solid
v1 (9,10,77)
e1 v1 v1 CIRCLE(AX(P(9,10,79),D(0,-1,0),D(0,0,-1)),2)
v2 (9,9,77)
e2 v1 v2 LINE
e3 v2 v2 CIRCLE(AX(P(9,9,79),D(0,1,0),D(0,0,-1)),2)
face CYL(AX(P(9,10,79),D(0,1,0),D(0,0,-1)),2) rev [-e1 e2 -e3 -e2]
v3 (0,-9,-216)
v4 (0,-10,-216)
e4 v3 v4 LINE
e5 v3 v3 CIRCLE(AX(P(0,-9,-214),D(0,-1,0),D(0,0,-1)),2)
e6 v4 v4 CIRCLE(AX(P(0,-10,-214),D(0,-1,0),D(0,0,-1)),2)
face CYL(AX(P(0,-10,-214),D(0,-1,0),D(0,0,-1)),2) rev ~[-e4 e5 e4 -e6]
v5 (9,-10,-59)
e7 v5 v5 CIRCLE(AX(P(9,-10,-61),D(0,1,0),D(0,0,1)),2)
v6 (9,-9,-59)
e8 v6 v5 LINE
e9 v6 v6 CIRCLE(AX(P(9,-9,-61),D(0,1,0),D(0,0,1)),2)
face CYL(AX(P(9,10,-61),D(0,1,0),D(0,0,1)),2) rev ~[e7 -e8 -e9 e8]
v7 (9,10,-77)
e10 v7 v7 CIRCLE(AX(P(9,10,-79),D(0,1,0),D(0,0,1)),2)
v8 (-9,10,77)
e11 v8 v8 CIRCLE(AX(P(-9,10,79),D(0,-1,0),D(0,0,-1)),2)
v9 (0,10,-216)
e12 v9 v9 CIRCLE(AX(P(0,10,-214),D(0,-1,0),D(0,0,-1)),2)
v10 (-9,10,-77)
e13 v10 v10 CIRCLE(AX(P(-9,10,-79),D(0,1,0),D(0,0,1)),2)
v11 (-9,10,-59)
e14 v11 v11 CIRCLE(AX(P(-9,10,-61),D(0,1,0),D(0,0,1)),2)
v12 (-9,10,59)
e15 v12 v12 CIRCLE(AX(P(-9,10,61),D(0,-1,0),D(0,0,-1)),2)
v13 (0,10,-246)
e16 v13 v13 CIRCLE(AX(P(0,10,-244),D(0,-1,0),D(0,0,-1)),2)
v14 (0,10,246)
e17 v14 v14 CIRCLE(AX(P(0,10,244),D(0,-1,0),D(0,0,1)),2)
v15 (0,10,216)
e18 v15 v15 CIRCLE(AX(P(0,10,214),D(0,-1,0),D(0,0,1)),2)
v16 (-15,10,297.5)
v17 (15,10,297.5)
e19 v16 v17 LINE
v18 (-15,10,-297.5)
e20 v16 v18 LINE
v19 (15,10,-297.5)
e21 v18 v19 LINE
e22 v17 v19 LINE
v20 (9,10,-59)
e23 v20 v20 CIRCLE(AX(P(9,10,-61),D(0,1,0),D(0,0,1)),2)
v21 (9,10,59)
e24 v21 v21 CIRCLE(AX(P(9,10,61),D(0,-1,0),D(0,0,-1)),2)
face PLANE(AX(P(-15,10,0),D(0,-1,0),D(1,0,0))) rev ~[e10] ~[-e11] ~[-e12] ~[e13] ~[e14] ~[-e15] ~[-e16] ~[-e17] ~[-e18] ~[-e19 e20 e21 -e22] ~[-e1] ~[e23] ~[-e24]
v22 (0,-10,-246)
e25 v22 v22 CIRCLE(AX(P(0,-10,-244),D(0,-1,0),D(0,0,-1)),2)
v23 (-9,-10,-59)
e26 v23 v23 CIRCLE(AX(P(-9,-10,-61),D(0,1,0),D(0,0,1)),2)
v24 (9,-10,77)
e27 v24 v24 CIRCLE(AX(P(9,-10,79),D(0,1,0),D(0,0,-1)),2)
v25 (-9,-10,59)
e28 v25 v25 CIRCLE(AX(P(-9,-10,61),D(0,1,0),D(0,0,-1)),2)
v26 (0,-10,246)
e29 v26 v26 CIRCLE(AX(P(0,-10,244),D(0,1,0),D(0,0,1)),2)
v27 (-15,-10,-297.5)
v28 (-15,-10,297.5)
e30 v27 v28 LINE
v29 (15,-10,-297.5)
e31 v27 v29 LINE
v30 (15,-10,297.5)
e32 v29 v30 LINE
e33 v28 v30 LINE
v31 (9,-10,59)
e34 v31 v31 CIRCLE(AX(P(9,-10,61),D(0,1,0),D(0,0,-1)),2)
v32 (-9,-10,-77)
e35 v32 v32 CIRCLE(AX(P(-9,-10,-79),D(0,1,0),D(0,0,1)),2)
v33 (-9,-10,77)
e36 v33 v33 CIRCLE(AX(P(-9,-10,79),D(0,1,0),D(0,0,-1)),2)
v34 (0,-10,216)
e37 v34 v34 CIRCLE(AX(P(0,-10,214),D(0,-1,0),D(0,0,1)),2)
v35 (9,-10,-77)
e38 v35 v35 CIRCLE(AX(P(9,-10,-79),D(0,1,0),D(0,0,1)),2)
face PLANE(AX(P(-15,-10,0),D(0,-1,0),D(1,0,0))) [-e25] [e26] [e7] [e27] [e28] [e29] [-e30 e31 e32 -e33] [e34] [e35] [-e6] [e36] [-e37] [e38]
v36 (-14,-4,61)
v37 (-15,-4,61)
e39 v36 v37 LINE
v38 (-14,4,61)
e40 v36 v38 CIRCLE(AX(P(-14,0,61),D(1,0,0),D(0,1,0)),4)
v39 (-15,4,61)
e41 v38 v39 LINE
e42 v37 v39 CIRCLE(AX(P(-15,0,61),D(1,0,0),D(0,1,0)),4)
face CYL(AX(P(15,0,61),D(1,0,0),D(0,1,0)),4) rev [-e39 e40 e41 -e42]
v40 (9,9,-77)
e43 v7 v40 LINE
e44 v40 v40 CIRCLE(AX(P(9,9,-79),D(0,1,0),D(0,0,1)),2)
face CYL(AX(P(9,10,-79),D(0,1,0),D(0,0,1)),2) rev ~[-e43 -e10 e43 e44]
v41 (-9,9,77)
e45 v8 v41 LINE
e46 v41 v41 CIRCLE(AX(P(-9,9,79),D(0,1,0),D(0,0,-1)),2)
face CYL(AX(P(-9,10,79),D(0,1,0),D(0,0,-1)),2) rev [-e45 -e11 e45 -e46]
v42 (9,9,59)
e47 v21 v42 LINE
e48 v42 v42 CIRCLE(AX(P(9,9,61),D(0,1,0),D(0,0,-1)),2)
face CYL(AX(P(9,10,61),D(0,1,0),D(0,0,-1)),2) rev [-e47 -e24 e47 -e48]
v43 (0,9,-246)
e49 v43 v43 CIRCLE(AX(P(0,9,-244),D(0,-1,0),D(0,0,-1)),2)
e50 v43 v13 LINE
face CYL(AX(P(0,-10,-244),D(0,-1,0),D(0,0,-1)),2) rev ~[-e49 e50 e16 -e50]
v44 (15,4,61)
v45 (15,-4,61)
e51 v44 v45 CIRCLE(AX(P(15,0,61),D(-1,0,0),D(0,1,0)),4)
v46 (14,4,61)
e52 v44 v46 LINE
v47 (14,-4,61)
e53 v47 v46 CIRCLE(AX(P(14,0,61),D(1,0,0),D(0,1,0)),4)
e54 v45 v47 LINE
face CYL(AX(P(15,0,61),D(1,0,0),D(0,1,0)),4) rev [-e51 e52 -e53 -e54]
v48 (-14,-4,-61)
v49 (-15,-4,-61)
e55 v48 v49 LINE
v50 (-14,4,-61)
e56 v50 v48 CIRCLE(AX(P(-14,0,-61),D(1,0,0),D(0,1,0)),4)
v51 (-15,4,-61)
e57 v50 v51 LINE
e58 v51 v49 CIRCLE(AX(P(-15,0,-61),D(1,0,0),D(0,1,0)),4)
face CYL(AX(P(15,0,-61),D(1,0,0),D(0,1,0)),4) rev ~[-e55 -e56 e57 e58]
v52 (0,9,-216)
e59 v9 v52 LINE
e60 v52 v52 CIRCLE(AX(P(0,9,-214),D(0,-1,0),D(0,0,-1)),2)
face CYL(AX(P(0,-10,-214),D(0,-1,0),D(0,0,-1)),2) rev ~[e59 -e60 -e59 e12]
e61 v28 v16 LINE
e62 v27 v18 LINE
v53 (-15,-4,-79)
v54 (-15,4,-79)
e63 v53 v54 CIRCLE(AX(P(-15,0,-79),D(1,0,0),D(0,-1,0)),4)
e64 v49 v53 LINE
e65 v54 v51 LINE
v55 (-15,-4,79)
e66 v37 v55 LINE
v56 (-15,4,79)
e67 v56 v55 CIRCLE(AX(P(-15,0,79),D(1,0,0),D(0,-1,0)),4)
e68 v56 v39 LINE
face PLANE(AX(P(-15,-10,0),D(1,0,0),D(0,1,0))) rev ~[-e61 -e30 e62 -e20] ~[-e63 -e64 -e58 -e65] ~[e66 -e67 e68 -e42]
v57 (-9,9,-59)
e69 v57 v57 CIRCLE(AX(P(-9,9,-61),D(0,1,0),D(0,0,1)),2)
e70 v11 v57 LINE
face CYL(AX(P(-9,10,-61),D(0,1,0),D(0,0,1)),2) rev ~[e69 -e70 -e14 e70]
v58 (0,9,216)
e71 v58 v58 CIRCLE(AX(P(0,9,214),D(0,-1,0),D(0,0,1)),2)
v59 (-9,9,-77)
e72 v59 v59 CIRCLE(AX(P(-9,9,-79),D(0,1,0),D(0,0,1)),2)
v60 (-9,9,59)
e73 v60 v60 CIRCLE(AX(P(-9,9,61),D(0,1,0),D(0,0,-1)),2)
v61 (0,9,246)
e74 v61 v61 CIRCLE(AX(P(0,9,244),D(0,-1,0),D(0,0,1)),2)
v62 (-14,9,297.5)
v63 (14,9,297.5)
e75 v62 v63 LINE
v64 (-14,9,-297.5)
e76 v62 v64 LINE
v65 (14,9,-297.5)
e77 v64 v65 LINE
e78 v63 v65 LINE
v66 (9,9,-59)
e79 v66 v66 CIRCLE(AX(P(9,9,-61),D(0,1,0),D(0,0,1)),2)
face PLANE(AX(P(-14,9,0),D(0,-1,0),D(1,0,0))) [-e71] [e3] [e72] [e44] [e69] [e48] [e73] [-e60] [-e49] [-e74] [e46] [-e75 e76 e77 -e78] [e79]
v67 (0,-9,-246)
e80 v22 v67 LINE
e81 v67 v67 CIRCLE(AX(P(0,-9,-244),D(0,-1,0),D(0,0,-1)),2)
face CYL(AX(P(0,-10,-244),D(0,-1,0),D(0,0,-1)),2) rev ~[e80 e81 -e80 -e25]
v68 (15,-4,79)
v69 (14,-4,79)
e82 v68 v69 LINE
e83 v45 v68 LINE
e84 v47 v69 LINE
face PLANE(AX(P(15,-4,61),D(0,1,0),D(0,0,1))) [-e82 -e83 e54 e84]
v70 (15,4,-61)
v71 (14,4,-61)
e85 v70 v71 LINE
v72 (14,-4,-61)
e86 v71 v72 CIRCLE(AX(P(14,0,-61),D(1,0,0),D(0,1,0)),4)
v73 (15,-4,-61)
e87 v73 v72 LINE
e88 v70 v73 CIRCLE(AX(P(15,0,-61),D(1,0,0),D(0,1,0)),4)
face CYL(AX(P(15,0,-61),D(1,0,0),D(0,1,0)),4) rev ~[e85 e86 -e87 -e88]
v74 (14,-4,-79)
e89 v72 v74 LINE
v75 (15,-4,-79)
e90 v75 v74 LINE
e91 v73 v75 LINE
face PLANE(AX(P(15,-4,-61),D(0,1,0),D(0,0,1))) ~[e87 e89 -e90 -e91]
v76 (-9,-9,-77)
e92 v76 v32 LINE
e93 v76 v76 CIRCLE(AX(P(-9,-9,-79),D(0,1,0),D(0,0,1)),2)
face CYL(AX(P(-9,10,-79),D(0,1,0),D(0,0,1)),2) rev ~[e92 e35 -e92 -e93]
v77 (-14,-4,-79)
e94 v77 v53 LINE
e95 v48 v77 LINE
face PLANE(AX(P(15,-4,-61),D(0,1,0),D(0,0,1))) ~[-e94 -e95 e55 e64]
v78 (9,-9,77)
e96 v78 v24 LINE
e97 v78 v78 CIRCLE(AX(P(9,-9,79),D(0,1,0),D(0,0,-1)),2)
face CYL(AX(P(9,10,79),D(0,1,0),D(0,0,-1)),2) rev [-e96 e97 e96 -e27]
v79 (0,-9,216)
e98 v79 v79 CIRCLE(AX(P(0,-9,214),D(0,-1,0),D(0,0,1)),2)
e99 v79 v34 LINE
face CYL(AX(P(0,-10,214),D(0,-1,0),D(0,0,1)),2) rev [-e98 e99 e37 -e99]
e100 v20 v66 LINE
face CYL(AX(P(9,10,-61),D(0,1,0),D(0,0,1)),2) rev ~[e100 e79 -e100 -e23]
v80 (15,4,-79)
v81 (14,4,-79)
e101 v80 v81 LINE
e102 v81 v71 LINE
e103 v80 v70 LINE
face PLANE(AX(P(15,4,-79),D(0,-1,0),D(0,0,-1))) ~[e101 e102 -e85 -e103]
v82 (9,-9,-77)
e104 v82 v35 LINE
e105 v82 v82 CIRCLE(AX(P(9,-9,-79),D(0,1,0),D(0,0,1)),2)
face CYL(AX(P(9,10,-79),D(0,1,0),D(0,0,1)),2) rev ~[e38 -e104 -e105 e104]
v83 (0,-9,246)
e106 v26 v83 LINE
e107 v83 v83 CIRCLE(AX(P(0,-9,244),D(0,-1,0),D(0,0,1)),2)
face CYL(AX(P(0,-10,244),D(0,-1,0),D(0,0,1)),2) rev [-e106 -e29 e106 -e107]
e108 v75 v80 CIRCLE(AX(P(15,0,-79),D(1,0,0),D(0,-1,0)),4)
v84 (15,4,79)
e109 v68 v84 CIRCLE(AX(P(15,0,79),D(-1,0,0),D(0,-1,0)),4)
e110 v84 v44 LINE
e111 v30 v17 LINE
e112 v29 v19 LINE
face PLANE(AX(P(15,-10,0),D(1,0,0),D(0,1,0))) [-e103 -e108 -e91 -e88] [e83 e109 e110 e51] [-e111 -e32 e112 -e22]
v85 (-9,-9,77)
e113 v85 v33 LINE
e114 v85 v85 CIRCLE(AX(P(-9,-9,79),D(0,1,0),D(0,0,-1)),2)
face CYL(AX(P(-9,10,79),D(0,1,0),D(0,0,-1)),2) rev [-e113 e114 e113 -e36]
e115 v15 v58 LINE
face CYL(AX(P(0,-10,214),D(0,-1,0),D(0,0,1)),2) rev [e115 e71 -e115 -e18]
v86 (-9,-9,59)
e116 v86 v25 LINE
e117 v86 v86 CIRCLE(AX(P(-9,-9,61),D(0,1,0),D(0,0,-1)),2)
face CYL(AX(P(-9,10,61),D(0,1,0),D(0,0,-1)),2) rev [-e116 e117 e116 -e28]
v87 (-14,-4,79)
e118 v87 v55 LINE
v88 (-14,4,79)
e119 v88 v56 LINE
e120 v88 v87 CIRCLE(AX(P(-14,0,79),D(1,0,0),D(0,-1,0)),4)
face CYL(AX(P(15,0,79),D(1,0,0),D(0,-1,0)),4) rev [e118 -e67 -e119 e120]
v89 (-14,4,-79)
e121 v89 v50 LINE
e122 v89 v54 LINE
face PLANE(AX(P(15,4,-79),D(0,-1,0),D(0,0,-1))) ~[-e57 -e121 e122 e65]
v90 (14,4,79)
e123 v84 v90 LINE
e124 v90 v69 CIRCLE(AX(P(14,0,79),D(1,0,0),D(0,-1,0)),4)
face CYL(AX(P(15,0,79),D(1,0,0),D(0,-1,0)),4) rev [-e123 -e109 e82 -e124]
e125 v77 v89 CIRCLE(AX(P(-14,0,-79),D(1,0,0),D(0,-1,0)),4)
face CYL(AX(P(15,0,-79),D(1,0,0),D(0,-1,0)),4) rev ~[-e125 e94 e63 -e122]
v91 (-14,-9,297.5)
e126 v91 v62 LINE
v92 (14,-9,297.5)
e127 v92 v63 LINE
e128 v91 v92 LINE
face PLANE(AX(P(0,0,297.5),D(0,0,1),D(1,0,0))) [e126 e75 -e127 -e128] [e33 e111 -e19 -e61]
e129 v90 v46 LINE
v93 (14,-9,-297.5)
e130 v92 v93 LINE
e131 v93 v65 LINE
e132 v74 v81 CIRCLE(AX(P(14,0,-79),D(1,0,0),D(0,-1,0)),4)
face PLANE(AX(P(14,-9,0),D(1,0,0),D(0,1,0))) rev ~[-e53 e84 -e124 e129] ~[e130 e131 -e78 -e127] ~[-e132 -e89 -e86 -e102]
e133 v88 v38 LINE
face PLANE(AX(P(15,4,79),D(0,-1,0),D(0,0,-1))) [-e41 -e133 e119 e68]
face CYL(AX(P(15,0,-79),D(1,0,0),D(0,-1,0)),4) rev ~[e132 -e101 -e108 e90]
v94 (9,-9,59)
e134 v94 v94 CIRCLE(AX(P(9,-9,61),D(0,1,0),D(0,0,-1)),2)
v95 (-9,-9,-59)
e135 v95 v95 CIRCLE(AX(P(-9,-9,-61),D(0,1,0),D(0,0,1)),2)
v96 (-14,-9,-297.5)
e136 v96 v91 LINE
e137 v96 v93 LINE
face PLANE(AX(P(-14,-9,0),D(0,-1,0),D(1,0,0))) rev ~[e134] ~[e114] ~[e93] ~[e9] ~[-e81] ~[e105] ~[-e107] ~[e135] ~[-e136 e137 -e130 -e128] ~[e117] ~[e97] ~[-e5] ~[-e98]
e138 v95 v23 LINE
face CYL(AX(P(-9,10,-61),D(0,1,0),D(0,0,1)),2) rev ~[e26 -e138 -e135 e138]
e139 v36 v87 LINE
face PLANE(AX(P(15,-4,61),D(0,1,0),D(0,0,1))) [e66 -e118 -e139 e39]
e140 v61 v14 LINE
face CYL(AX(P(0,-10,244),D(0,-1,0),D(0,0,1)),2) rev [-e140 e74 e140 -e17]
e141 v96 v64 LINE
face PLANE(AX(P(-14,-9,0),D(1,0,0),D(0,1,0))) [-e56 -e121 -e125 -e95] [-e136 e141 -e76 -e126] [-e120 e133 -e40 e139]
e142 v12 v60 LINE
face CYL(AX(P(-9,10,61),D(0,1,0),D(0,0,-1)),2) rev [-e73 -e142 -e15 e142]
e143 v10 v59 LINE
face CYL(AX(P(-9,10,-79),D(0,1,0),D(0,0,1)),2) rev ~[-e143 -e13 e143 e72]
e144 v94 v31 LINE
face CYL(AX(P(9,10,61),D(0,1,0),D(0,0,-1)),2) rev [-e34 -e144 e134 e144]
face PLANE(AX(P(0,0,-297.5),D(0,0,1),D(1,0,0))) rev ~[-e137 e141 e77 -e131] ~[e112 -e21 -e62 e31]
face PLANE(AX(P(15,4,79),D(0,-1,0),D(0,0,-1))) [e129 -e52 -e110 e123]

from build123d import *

# Parameters (mm, degrees)
SKETCH_1_W          = 30
SKETCH_1_H          = 20
SKETCH_1_W_2        = 28
SKETCH_1_H_2        = 18
EXTRUDE_1_DEPTH     = 297.5
SKETCH_2_R          = 2
CUT_EXTRUDE_1_DEPTH = 70
CUT_EXTRUDE_2_DEPTH = 65
SKETCH_5_R          = 2
CUT_EXTRUDE_3_DEPTH = 35


with BuildPart() as part:
    # 草图1 → 凸台-拉伸1 (new, symmetric)
    with BuildSketch(Plane.XY):
        Rectangle(SKETCH_1_W, SKETCH_1_H)
        Rectangle(SKETCH_1_W_2, SKETCH_1_H_2, mode=Mode.SUBTRACT)
    extrude(amount=EXTRUDE_1_DEPTH, both=True)

    # 草图2 → 切除-拉伸1 (cut)
    with BuildSketch(Plane(origin=(0, 10, 0), x_dir=(1, 0, 0), z_dir=(0, 1, 0))):
        with Locations(Location((9, 79, 0), (0, 0, 270))):
            Circle(SKETCH_2_R)
        with Locations(Location((-9, 79, 0), (0, 0, 270))):
            Circle(SKETCH_2_R)
        with Locations(Location((-9, 61, 0), (0, 0, 270))):
            Circle(SKETCH_2_R)
        with Locations(Location((9, 61, 0), (0, 0, 270))):
            Circle(SKETCH_2_R)
    cut_extrude_1 = extrude(amount=-CUT_EXTRUDE_1_DEPTH, mode=Mode.SUBTRACT)

    # 镜向1: 切除-拉伸1 across plane
    add(cut_extrude_1.mirror(Plane.XY), mode=Mode.SUBTRACT)

    # 草图4 → 切除-拉伸2 (cut)
    with BuildSketch(Plane(origin=(15, 0, 0), x_dir=(0, 0, -1), z_dir=(1, 0, 0))):
        with BuildLine():
            Line((-79, 4), (-61, 4))
            ThreePointArc((-61, 4), (-57, 0), (-61, -4))
            Line((-61, -4), (-79, -4))
            ThreePointArc((-79, -4), (-83, 0), (-79, 4))
        make_face()
    cut_extrude_2 = extrude(amount=-CUT_EXTRUDE_2_DEPTH, mode=Mode.SUBTRACT)

    # 镜向2: 切除-拉伸2 across plane
    add(cut_extrude_2.mirror(Plane.XY), mode=Mode.SUBTRACT)

    # 草图5 → 切除-拉伸3 (cut, symmetric)
    with BuildSketch(Plane.XZ.offset(10)):
        with Locations(Location((0, -244, 0), (0, 0, 270))):
            Circle(SKETCH_5_R)
        with Locations(Location((0, -214, 0), (0, 0, 270))):
            Circle(SKETCH_5_R)
    cut_extrude_3 = extrude(amount=CUT_EXTRUDE_3_DEPTH, both=True, mode=Mode.SUBTRACT)

    # 镜向3: 切除-拉伸3 across plane
    add(cut_extrude_3.mirror(Plane.XY), mode=Mode.SUBTRACT)


solid = part.part
